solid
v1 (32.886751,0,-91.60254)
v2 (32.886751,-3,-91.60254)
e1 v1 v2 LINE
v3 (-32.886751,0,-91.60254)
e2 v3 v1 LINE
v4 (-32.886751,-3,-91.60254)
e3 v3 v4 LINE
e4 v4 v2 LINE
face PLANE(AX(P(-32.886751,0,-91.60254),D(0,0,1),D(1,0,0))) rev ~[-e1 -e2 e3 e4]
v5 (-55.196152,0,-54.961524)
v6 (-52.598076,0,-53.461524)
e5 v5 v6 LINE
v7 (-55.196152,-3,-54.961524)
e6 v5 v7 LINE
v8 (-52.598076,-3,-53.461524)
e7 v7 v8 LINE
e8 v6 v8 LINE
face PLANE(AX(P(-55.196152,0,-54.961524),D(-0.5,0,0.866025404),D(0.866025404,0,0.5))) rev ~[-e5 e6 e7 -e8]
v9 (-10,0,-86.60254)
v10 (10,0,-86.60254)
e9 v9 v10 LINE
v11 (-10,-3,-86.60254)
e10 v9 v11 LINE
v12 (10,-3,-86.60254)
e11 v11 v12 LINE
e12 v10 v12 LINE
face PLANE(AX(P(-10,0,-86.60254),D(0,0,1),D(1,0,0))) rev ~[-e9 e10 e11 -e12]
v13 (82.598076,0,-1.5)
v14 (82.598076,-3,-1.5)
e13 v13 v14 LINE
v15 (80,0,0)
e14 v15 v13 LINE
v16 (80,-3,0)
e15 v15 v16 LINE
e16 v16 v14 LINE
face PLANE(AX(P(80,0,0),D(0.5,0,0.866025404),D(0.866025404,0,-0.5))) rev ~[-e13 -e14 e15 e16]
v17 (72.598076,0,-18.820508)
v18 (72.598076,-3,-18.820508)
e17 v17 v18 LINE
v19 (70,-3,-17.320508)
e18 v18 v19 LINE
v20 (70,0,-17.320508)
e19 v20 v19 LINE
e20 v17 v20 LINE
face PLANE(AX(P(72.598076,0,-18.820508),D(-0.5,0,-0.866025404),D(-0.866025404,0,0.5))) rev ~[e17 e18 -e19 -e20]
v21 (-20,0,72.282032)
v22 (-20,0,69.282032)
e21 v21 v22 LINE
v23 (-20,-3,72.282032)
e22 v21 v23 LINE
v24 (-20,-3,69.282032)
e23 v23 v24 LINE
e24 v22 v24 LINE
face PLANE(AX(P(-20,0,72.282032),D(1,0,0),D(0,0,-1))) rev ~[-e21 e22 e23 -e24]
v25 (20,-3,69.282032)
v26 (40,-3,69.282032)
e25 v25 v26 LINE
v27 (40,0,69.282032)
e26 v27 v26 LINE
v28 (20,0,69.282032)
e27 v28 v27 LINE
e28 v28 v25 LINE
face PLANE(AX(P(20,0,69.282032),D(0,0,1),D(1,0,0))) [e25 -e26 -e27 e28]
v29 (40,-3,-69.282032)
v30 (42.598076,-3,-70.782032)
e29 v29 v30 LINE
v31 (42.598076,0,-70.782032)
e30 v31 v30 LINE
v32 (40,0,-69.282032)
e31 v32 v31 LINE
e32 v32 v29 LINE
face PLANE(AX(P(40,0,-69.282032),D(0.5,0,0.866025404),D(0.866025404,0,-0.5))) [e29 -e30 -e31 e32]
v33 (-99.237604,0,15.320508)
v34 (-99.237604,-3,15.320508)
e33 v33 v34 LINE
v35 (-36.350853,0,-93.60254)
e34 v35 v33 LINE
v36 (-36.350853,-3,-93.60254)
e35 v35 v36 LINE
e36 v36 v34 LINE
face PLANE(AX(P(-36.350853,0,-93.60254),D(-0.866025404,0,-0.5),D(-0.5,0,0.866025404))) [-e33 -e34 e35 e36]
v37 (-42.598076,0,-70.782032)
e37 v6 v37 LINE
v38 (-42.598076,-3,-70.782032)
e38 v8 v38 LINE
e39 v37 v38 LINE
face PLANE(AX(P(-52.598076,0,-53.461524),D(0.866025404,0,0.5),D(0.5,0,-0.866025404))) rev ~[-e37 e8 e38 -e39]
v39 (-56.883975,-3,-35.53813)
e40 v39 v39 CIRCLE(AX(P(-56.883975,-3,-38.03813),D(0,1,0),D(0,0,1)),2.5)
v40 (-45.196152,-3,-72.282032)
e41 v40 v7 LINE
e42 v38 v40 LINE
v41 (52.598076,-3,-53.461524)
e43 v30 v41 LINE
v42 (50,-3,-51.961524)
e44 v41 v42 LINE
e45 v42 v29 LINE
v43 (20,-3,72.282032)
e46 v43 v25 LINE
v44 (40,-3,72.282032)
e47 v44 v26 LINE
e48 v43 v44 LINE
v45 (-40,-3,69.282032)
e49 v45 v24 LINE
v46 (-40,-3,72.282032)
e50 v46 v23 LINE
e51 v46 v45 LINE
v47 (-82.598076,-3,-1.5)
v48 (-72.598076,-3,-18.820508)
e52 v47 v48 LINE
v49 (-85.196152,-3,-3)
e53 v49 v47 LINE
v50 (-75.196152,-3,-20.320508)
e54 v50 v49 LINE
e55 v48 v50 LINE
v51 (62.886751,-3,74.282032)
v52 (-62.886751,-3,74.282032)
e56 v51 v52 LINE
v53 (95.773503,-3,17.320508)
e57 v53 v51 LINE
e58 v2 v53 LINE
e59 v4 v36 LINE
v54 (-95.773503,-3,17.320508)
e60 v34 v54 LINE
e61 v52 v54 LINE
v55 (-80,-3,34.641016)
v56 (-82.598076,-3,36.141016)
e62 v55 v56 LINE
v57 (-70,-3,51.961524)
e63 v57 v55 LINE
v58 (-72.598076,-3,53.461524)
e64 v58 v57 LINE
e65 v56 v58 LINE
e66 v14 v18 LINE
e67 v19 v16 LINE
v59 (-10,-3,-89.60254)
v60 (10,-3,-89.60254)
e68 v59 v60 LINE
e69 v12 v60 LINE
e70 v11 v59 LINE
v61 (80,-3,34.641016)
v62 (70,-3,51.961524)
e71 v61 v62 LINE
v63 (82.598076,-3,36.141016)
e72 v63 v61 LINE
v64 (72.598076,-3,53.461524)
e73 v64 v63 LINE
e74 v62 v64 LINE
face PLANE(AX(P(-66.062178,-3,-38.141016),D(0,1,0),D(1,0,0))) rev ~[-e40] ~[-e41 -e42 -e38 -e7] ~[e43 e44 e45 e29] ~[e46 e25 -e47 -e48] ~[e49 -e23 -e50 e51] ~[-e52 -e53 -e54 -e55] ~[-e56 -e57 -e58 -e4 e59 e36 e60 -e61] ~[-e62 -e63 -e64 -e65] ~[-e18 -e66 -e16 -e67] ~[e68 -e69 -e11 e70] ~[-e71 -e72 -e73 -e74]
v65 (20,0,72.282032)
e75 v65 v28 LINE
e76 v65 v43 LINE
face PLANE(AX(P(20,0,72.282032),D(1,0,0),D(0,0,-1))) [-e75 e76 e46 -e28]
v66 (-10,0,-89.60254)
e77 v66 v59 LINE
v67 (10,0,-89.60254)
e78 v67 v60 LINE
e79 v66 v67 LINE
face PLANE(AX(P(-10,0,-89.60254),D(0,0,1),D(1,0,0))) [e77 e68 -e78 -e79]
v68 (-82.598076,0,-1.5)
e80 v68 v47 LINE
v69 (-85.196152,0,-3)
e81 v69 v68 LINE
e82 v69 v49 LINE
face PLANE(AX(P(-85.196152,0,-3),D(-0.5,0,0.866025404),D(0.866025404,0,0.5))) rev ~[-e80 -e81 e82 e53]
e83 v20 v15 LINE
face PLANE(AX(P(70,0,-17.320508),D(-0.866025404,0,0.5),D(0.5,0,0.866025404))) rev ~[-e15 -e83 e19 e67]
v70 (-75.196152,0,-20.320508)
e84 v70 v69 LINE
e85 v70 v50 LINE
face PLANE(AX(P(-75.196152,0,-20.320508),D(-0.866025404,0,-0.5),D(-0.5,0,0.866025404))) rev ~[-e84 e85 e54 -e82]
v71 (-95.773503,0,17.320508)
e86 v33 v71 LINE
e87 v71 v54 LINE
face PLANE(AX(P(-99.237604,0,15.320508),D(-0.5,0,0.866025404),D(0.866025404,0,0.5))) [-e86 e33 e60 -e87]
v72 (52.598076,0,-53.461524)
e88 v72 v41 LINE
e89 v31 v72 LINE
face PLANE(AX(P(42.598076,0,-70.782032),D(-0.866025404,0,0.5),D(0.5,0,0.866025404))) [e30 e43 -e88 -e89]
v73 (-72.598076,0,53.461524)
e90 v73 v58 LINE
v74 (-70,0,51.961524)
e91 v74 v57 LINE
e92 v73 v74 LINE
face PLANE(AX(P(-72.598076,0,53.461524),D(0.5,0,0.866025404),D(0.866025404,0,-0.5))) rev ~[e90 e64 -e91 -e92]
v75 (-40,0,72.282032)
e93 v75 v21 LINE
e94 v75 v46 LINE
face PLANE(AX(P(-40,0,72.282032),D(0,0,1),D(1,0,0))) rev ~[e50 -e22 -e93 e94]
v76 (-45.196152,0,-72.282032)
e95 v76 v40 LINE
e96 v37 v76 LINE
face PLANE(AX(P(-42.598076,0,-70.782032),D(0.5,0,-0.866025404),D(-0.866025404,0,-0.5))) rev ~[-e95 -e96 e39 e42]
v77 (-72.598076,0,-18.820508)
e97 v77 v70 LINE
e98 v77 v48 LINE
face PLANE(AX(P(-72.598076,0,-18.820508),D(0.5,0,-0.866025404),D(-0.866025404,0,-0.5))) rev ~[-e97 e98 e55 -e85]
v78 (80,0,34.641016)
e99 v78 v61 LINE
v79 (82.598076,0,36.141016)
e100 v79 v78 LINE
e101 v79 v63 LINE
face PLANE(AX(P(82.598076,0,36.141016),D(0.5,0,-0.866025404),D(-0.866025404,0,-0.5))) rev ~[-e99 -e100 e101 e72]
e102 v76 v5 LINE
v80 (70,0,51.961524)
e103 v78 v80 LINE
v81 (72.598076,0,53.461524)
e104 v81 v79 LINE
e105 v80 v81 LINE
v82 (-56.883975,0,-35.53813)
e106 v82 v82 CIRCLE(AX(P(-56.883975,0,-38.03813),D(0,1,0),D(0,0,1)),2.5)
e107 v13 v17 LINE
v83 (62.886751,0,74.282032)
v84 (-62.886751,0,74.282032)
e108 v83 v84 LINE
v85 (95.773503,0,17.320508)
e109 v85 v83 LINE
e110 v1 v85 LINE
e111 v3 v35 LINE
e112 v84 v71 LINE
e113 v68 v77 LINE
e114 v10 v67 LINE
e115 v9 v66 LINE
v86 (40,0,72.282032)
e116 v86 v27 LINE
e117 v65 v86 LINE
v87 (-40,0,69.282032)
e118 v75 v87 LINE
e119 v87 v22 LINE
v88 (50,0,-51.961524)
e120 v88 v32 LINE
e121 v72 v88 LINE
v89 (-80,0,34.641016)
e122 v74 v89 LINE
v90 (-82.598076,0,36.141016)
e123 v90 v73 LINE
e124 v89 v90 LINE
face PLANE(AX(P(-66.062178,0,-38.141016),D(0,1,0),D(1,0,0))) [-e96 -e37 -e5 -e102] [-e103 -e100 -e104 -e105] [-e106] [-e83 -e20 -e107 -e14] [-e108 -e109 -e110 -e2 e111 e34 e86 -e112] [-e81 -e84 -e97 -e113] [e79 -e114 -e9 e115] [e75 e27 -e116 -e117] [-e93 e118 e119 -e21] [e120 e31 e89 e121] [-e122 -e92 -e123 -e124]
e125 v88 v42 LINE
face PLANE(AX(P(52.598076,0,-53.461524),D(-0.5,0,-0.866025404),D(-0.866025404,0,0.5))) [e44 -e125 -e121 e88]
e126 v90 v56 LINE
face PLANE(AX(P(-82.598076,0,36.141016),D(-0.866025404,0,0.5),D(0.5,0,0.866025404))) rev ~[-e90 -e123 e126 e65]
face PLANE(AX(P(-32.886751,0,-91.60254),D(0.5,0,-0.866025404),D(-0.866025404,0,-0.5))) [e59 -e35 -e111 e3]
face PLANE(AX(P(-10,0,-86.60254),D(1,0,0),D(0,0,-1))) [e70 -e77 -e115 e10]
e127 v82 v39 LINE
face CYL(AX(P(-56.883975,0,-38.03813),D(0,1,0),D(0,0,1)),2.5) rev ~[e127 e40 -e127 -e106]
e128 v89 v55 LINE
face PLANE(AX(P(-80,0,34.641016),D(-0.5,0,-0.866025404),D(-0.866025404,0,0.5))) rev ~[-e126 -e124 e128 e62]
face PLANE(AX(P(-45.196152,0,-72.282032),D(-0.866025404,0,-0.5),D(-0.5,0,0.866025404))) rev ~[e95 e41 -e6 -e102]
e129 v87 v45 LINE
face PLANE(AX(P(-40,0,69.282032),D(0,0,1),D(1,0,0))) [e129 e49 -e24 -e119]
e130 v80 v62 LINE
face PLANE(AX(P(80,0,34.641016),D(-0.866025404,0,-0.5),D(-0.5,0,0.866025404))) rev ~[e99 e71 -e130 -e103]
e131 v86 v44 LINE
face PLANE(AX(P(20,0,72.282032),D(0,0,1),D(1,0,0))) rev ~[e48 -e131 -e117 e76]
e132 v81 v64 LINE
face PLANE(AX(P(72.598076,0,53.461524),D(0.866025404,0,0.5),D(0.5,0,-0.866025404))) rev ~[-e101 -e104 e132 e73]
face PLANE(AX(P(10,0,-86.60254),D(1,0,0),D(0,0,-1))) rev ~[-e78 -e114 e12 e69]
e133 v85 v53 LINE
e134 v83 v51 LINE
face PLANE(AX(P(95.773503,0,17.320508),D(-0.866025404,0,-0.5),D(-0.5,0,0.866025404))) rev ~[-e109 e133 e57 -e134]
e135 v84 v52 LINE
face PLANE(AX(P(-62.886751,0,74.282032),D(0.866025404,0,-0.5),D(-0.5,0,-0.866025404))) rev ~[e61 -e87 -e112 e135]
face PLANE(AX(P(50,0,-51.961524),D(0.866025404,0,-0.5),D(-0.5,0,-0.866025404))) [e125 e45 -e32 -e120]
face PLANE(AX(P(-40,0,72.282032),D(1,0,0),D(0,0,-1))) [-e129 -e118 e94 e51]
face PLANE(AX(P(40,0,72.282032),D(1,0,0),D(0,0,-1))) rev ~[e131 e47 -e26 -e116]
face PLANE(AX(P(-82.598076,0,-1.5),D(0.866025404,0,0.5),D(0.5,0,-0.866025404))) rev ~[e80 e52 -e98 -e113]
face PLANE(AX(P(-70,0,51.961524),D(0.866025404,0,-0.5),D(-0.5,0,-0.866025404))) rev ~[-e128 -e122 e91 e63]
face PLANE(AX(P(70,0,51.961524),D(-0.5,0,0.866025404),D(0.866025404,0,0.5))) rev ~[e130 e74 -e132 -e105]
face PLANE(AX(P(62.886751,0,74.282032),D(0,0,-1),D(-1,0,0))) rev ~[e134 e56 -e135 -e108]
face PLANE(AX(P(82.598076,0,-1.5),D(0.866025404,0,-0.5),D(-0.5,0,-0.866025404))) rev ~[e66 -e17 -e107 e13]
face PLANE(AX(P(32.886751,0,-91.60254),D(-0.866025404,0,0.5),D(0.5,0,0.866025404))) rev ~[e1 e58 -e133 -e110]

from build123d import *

# Parameters (mm, degrees)
BOSS_EXTRUDE1_DEPTH = 3
BOSS_EXTRUDE2_DEPTH = 3
SKETCH6_R           = 2.5
CUT_EXTRUDE1_DEPTH  = 137.449762455
SKETCH7_W           = 20
SKETCH7_H           = 3
CUT_EXTRUDE2_DEPTH  = 137.449762455


with BuildPart() as part:
    # Sketch4 → Boss-Extrude1 (new body)
    with BuildSketch(Plane(origin=(0, 0, 0), x_dir=(1, 0, 0), z_dir=(0, 1, 0))):
        Polygon((-32.886751346, 91.602540378), (32.886751346, 91.602540378), (95.773502692, -17.320508076), (62.886751346, -74.282032303), (-62.886751346, -74.282032303), (-95.773502692, -17.320508076), align=None)
    extrude(amount=-BOSS_EXTRUDE1_DEPTH)

    # Sketch5 → Boss-Extrude2 (add, through all)
    with BuildSketch(Plane(origin=(0, 0, 0), x_dir=(1, 0, 0), z_dir=(0, 1, 0))):
        Polygon((-95.773502692, -17.320508076), (-32.886751346, 91.602540378), (-36.350852961, 93.602540378), (-99.237604307, -15.320508076), align=None)
    extrude(amount=-BOSS_EXTRUDE2_DEPTH)

    # Sketch6 → Cut-Extrude1 (cut, through all)
    with BuildSketch(Plane(origin=(0, 0, 0), x_dir=(1, 0, 0), z_dir=(0, 1, 0))):
        with Locations(Location((-56.883974596, 38.038130468, 0), (0, 0, 270))):
            Circle(SKETCH6_R)
    extrude(amount=-CUT_EXTRUDE1_DEPTH, mode=Mode.SUBTRACT)

    # Sketch7 → Cut-Extrude2 (cut, through all)
    with BuildSketch(Plane(origin=(0, 0, 0), x_dir=(1, 0, 0), z_dir=(0, 1, 0))):
        with Locations((0, 88.102540378)):
            Rectangle(SKETCH7_W, SKETCH7_H)
        with Locations((-30, -70.782032303)):
            Rectangle(SKETCH7_W, SKETCH7_H)
        with Locations((30, -70.782032303)):
            Rectangle(SKETCH7_W, SKETCH7_H)
        Polygon((50, 51.961524227), (40, 69.282032303), (42.598076211, 70.782032303), (52.598076211, 53.461524227), align=None)
        Polygon((72.598076211, 18.820508076), (70, 17.320508076), (80, 0), (82.598076211, 1.5), align=None)
        Polygon((80, -34.641016151), (70, -51.961524227), (72.598076211, -53.461524227), (82.598076211, -36.141016151), align=None)
        Polygon((-70, -51.961524227), (-80, -34.641016151), (-82.598076211, -36.141016151), (-72.598076211, -53.461524227), align=None)
        Polygon((-45.196152423, 72.282032303), (-55.196152423, 54.961524227), (-52.598076211, 53.461524227), (-42.598076211, 70.782032303), align=None)
        Polygon((-75.196152423, 20.320508076), (-85.196152423, 3), (-82.598076211, 1.5), (-72.598076211, 18.820508076), align=None)
    extrude(amount=-CUT_EXTRUDE2_DEPTH, mode=Mode.SUBTRACT)


solid = part.part
